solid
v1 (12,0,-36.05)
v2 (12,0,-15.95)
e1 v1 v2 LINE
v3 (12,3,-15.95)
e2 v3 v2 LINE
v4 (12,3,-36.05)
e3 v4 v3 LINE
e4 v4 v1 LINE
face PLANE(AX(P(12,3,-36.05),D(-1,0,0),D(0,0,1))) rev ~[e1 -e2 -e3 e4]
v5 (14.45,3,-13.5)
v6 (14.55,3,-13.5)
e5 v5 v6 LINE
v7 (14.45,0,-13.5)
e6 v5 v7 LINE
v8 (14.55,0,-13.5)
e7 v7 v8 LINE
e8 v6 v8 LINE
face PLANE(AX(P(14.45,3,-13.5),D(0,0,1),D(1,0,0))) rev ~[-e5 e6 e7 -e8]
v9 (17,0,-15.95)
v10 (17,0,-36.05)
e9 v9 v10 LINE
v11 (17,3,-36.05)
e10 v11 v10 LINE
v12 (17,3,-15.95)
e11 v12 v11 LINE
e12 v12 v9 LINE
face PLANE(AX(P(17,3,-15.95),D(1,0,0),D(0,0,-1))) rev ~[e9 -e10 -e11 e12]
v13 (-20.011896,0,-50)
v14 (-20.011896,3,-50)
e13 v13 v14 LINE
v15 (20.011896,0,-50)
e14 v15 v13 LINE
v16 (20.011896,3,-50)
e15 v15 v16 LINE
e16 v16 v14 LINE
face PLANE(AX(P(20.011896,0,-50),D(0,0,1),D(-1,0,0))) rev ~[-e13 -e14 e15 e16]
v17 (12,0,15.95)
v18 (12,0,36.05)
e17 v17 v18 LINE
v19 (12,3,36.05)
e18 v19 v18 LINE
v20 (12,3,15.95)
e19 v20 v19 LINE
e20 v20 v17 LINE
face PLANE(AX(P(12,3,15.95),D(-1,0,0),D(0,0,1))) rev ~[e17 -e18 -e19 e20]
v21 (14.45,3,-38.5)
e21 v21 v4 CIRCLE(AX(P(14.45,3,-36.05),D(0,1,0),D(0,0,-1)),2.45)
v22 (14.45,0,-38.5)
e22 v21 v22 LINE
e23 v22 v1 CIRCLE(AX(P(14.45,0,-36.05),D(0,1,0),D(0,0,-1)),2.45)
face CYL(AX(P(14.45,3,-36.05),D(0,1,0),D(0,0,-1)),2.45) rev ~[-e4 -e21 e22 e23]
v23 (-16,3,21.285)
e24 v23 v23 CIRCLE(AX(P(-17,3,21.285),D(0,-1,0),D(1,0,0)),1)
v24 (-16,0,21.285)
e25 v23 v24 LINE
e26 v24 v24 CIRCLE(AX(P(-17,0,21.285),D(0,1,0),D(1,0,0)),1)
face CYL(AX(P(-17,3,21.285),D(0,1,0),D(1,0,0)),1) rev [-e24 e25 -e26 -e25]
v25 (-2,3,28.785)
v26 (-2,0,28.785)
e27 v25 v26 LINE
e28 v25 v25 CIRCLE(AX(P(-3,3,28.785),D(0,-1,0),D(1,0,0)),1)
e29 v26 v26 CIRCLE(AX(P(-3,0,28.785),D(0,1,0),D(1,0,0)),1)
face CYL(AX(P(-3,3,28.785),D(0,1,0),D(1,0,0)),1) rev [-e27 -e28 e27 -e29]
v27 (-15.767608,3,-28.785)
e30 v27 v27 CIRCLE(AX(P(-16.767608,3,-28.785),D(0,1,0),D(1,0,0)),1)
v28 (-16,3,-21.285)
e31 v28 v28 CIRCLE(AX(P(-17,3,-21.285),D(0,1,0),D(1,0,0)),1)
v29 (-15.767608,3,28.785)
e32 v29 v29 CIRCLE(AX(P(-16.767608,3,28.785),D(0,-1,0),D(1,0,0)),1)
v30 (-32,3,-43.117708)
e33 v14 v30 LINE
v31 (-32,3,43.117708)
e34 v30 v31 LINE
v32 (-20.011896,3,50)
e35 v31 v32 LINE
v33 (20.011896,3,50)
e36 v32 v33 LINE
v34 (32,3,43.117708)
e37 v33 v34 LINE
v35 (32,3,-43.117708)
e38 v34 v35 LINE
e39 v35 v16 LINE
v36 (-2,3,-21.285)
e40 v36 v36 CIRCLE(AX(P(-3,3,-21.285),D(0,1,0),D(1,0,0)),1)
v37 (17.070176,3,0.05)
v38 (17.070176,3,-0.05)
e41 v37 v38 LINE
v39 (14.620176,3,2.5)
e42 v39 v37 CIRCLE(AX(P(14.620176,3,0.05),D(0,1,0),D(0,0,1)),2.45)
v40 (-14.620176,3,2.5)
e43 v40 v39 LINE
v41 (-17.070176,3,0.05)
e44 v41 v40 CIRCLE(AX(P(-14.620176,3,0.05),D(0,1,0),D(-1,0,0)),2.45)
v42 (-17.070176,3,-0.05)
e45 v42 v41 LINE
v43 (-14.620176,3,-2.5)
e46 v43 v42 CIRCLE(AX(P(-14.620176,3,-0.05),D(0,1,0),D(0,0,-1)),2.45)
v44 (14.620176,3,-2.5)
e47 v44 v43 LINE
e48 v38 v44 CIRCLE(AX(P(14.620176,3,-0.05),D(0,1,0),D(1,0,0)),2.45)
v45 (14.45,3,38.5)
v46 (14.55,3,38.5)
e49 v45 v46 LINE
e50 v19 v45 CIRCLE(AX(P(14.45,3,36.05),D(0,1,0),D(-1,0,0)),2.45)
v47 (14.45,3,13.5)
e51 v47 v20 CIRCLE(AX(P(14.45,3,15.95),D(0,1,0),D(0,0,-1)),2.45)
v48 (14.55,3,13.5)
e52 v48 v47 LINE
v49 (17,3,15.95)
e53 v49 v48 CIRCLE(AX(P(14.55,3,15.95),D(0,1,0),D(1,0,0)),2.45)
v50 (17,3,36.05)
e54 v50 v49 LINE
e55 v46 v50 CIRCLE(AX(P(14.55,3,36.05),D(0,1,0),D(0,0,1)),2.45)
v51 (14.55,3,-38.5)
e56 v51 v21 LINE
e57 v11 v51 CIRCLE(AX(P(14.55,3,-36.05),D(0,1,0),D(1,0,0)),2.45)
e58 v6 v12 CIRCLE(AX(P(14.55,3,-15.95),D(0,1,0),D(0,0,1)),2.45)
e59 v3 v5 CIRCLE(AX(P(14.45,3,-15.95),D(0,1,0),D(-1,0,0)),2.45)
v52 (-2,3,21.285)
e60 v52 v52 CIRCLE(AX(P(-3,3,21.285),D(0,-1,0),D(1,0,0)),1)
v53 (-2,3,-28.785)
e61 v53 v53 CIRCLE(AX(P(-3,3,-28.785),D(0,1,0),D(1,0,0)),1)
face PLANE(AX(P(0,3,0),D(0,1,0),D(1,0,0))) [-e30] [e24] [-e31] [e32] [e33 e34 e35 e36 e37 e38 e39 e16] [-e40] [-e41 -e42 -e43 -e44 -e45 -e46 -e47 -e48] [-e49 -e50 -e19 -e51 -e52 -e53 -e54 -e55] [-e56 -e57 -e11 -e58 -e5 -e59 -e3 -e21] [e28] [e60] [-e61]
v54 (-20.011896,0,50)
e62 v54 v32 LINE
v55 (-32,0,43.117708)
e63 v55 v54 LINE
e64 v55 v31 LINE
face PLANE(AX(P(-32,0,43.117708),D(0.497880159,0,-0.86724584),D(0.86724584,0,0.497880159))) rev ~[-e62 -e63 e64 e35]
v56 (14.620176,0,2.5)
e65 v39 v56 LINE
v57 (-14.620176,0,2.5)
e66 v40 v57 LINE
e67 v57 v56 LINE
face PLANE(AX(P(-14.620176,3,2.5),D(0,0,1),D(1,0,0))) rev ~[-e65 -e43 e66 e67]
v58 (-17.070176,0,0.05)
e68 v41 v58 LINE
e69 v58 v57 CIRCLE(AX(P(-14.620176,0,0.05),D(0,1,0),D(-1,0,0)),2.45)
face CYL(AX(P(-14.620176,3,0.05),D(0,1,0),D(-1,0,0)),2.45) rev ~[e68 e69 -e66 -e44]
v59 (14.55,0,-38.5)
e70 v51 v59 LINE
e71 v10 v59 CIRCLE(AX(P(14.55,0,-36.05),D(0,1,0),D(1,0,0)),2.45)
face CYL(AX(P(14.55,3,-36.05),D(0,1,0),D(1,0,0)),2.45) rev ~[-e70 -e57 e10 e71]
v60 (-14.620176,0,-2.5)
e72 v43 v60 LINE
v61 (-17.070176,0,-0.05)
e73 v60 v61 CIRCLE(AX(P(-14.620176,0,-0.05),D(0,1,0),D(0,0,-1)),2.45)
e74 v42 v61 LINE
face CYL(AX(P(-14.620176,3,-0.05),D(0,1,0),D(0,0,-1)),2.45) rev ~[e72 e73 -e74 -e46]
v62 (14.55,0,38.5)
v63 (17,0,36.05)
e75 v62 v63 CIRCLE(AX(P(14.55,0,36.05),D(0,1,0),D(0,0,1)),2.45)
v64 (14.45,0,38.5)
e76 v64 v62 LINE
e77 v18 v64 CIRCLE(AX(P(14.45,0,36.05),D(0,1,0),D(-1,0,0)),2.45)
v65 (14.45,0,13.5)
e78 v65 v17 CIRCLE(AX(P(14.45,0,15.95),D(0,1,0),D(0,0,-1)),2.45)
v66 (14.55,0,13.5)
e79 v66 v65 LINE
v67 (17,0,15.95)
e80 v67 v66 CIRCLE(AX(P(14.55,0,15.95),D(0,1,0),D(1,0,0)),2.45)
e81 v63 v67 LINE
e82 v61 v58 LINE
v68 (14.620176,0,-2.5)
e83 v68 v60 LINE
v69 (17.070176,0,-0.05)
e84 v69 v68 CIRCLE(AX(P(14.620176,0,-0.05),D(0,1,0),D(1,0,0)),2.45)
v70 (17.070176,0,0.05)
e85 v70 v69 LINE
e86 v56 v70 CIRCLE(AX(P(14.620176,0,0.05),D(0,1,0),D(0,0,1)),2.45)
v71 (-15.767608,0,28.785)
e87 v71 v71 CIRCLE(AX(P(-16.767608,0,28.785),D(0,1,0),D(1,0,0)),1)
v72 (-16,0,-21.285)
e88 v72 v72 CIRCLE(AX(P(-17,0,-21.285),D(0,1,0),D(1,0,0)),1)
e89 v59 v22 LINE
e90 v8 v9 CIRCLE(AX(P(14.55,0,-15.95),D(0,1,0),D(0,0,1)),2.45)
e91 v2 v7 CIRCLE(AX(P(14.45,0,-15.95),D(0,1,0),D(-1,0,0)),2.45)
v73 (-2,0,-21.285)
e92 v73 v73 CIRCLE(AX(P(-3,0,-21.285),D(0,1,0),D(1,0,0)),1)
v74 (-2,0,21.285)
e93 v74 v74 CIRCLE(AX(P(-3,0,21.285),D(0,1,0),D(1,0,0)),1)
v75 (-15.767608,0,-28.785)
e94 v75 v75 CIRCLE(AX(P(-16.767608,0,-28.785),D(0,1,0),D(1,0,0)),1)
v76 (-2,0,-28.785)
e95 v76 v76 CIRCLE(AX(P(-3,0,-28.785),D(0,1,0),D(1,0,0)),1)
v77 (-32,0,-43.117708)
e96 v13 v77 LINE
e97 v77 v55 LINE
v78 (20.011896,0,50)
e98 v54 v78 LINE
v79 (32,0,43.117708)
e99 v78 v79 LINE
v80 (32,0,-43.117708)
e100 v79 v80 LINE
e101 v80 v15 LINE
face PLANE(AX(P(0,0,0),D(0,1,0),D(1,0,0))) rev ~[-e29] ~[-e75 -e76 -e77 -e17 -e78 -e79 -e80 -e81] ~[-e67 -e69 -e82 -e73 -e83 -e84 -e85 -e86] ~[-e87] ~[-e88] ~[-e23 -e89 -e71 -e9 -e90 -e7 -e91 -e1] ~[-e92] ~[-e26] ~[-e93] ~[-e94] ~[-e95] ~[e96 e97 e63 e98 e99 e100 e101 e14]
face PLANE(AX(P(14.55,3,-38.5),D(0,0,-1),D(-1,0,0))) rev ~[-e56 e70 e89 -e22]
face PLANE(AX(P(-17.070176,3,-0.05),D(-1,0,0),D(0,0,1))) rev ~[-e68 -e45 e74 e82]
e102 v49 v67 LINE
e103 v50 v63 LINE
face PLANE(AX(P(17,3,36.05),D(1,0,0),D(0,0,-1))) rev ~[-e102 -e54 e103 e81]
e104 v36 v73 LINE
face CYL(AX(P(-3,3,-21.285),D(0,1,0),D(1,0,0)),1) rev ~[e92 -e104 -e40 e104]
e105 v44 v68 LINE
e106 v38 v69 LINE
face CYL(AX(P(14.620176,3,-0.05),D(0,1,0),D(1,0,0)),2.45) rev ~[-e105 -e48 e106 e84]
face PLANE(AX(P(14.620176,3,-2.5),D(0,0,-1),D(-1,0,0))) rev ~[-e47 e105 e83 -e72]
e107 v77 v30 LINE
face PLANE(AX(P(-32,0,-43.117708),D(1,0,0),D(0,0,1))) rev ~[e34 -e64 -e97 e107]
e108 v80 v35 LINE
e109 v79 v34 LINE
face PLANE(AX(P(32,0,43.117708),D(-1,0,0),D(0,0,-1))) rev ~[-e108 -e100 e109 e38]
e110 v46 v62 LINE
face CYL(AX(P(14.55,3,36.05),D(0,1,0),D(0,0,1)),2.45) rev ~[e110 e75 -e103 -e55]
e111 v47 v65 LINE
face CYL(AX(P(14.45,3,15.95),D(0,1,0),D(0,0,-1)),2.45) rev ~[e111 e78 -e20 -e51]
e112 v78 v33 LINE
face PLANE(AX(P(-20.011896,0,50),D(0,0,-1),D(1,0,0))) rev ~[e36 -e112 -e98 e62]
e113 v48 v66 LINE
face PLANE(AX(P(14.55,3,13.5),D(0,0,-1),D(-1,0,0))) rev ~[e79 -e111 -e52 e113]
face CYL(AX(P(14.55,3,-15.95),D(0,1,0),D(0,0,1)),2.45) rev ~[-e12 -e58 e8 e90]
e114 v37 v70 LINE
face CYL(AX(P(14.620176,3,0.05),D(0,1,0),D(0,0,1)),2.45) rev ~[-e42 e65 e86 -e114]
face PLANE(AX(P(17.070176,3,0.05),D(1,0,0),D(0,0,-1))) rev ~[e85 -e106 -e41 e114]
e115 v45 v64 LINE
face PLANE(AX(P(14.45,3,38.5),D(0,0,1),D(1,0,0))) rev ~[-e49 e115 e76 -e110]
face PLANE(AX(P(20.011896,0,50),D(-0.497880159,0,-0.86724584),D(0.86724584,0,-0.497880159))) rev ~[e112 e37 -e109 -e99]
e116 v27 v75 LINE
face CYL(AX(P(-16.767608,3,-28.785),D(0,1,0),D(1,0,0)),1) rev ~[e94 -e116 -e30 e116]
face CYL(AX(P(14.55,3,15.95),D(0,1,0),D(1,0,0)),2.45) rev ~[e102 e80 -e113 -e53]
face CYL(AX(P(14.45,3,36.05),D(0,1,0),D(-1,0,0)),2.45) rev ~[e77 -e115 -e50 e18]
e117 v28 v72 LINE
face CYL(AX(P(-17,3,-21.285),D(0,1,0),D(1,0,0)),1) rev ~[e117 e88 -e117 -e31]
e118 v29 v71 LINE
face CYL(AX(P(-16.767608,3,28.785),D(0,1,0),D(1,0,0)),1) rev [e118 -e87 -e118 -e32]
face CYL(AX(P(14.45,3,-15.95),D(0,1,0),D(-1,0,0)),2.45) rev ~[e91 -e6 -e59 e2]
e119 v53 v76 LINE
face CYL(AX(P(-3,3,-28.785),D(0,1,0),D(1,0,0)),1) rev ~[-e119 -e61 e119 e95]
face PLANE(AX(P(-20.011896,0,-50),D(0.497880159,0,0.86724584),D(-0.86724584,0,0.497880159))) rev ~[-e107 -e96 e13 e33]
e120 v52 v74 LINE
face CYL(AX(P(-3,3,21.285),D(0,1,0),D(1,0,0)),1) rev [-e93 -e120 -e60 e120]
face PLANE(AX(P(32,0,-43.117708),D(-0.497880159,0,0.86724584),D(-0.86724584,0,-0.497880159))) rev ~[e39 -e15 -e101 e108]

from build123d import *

# Parameters (mm, degrees)
BOSS_EXTRUDE1_DEPTH = 3
CUT_EXTRUDE2_DEPTH  = 10
SKETCH7_R           = 1
CUT_EXTRUDE3_DEPTH  = 11.5


with BuildPart() as part:
    # Sketch1 → Boss-Extrude1 (new body)
    with BuildSketch(Plane(origin=(0, 0, 0), x_dir=(1, 0, 0), z_dir=(0, 1, 0))):
        Polygon((-32, -43.117707706), (-20.011895516, -50), (20.011895516, -50), (32, -43.117707706), (32, 43.117707706), (20.011895516, 50), (-20.011895516, 50), (-32, 43.117707706), align=None)
    extrude(amount=BOSS_EXTRUDE1_DEPTH)

    # Sketch5 → Cut-Extrude2 (cut)
    with BuildSketch(Plane(origin=(0, 3, 0), x_dir=(1, 0, 0), z_dir=(0, 1, 0))):
        with BuildLine():
            Line((-14.620176413, -2.5), (14.620176413, -2.5))
            ThreePointArc((14.620176413, -2.5), (16.352588027, -1.782411614), (17.070176413, -0.05))
            Line((17.070176413, -0.05), (17.070176413, 0.05))
            ThreePointArc((17.070176413, 0.05), (16.352588027, 1.782411614), (14.620176413, 2.5))
            Line((14.620176413, 2.5), (-14.620176413, 2.5))
            ThreePointArc((-14.620176413, 2.5), (-16.352588027, 1.782411614), (-17.070176413, 0.05))
            Line((-17.070176413, 0.05), (-17.070176413, -0.05))
            ThreePointArc((-17.070176413, -0.05), (-16.352588027, -1.782411614), (-14.620176413, -2.5))
        make_face()
        with BuildLine():
            Line((14.45, -38.5), (14.55, -38.5))
            ThreePointArc((14.55, -38.5), (16.282411614, -37.782411614), (17, -36.05))
            Line((17, -36.05), (17, -15.95))
            ThreePointArc((17, -15.95), (16.282411614, -14.217588386), (14.55, -13.5))
            Line((14.55, -13.5), (14.45, -13.5))
            ThreePointArc((14.45, -13.5), (12.717588386, -14.217588386), (12, -15.95))
            Line((12, -15.95), (12, -36.05))
            ThreePointArc((12, -36.05), (12.717588386, -37.782411614), (14.45, -38.5))
        make_face()
        with BuildLine():
            Line((14.45, 13.5), (14.55, 13.5))
            ThreePointArc((14.55, 13.5), (16.282411614, 14.217588386), (17, 15.95))
            Line((17, 15.95), (17, 36.05))
            ThreePointArc((17, 36.05), (16.282411614, 37.782411614), (14.55, 38.5))
            Line((14.55, 38.5), (14.45, 38.5))
            ThreePointArc((14.45, 38.5), (12.717588386, 37.782411614), (12, 36.05))
            Line((12, 36.05), (12, 15.95))
            ThreePointArc((12, 15.95), (12.717588386, 14.217588386), (14.45, 13.5))
        make_face()
    extrude(amount=-CUT_EXTRUDE2_DEPTH, mode=Mode.SUBTRACT)

    # Sketch7 → Cut-Extrude3 (cut)
    with BuildSketch(Plane(origin=(0, 3, 0), x_dir=(1, 0, 0), z_dir=(0, 1, 0))):
        with Locations((-3, 28.785)):
            Circle(SKETCH7_R)
        with Locations((-3, 21.285)):
            Circle(SKETCH7_R)
        with Locations((-17, 21.285)):
            Circle(SKETCH7_R)
        with Locations((-16.76760758, 28.785)):
            Circle(SKETCH7_R)
    cut_extrude3 = extrude(amount=-CUT_EXTRUDE3_DEPTH, mode=Mode.SUBTRACT)

    # Mirror1: Cut-Extrude3 across plane
    add(cut_extrude3.mirror(Plane(origin=(0, 0, 0), x_dir=(1, 0, 0), z_dir=(0, 0, -1))), mode=Mode.SUBTRACT)


solid = part.part
